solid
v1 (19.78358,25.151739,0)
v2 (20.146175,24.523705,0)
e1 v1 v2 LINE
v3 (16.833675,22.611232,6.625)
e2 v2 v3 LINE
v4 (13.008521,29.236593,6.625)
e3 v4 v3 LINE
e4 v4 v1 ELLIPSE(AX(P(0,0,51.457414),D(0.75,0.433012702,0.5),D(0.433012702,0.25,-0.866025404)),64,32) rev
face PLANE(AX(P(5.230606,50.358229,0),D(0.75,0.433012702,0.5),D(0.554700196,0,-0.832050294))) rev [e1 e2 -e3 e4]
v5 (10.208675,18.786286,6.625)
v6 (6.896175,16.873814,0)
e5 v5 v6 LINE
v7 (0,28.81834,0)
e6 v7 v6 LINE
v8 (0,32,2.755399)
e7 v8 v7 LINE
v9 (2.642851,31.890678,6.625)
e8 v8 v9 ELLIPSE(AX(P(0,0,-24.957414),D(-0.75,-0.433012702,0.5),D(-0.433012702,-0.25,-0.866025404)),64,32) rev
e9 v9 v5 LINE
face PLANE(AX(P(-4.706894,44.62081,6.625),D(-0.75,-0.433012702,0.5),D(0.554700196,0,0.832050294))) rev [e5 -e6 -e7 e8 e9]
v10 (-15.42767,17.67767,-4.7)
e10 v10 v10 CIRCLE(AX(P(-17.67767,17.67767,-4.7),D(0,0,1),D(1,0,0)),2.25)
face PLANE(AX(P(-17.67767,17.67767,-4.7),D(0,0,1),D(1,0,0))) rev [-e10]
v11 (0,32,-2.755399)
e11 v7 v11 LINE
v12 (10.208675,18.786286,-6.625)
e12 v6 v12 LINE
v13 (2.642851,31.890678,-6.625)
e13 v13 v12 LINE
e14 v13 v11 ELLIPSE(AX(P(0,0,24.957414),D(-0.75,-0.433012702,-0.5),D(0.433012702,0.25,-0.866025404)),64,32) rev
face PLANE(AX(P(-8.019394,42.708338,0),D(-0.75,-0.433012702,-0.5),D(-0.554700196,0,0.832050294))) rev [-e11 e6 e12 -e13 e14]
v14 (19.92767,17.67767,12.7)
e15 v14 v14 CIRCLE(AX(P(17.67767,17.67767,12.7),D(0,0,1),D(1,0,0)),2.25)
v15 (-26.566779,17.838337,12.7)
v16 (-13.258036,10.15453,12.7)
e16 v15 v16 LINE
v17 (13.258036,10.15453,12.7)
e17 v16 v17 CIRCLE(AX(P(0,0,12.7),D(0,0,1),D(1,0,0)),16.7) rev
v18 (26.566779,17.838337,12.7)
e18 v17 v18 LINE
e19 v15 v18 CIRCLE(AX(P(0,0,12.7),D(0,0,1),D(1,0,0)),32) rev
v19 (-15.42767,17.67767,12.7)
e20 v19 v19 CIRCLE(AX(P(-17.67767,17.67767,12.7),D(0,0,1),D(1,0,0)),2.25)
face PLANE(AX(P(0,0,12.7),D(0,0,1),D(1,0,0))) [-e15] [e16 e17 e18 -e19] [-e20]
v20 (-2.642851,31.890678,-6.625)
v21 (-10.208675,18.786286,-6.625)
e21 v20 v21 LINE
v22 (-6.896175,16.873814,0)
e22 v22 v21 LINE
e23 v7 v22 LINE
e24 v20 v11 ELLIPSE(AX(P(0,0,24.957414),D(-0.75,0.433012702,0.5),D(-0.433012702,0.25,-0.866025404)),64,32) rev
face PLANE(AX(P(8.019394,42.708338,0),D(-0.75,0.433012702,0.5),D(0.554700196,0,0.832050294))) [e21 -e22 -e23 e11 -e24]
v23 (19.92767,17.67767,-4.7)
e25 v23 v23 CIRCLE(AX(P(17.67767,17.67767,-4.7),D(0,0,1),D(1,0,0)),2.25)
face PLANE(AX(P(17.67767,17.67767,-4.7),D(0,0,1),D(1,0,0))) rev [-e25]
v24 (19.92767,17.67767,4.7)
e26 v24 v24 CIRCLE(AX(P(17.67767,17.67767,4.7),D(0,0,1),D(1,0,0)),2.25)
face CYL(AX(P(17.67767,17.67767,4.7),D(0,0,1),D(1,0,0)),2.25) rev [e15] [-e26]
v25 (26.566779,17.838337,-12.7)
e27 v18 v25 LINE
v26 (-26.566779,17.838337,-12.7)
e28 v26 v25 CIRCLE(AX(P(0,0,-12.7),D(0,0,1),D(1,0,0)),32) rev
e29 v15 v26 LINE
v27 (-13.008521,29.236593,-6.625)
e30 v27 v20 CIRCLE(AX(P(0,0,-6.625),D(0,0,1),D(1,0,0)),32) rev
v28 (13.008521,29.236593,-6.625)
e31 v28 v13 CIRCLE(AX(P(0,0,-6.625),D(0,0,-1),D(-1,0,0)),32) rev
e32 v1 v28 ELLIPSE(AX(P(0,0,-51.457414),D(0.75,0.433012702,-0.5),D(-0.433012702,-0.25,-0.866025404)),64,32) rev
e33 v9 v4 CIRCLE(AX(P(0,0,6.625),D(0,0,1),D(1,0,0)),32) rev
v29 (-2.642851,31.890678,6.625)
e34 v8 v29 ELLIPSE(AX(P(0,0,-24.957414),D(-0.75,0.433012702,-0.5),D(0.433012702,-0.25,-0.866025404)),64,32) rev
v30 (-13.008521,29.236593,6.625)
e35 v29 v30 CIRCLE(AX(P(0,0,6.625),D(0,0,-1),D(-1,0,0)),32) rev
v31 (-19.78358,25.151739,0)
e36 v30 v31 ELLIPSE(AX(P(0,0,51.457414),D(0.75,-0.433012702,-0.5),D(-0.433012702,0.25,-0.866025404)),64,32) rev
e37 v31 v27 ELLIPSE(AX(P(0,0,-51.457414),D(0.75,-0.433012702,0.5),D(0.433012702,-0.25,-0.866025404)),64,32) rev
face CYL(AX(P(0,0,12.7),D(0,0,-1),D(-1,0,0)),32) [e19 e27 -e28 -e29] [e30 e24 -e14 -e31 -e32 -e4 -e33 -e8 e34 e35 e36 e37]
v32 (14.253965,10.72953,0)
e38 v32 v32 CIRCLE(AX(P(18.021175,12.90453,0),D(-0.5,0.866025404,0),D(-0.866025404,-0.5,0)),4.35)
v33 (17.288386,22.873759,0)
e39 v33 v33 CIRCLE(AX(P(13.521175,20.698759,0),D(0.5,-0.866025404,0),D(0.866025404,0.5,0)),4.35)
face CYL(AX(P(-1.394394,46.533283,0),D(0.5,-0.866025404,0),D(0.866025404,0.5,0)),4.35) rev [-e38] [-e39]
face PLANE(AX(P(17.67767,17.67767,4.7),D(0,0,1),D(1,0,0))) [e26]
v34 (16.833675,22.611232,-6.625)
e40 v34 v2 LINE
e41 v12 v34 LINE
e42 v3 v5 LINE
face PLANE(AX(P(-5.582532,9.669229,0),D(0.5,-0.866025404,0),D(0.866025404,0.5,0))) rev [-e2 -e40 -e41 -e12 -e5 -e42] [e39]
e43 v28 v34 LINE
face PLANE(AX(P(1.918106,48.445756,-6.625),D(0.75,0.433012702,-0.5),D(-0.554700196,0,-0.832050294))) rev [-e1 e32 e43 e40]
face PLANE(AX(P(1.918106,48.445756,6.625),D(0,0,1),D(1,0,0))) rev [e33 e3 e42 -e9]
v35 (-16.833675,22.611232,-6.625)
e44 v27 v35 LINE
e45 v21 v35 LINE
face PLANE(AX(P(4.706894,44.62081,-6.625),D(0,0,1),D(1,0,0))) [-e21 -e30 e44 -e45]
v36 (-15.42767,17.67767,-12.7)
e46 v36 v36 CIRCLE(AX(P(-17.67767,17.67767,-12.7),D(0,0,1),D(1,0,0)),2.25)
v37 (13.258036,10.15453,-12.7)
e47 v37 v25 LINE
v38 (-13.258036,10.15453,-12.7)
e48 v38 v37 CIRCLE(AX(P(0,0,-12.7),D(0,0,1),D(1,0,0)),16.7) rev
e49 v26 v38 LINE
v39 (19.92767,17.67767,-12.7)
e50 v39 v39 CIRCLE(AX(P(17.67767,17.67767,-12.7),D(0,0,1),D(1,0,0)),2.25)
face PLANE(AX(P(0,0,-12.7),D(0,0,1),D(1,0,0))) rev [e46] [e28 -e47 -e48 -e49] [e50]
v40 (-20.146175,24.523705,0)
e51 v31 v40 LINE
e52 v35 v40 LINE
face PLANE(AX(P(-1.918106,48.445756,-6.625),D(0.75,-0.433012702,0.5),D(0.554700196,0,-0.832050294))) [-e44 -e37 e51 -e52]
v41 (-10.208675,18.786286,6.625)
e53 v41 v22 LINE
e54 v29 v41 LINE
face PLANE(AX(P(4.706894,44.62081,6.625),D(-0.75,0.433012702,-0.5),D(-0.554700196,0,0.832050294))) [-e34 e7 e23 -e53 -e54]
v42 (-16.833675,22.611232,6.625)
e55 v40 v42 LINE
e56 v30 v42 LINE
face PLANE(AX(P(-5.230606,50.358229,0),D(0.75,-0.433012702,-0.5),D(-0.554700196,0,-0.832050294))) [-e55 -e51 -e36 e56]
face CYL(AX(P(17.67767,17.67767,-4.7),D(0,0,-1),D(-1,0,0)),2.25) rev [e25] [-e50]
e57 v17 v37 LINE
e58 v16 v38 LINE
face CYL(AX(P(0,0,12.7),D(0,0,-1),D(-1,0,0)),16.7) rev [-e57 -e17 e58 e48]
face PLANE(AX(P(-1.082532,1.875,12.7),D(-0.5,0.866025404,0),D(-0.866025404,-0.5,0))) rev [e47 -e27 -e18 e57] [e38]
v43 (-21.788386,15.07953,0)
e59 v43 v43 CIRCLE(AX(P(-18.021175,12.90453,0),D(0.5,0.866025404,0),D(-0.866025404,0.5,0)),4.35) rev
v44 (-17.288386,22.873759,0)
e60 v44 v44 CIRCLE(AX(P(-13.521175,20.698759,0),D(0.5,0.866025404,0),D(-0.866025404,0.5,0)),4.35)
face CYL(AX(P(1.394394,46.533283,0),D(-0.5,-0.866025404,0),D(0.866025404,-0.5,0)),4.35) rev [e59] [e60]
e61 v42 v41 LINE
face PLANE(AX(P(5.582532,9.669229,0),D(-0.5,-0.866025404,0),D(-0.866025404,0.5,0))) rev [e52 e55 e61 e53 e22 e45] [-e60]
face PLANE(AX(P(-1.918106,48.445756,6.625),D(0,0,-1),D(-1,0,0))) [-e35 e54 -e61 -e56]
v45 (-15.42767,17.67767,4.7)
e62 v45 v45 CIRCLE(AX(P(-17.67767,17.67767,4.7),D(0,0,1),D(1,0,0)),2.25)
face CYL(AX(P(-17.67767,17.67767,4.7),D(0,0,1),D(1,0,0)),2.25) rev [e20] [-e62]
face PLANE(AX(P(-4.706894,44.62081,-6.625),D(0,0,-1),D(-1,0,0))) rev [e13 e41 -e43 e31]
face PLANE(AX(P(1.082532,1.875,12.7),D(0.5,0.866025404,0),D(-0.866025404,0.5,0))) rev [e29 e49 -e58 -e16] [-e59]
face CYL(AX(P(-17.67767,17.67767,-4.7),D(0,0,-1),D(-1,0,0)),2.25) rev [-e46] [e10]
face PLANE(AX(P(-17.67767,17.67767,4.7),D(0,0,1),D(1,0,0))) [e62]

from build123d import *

# Parameters (mm, degrees)
SKETCH1_R           = 2.25
BOSS_EXTRUDE1_DEPTH = 12.7
SKETCH3_R           = 4.35
CUT_EXTRUDE1_DEPTH  = 43.816935902
CUT_EXTRUDE2_START  = 12.7
SKETCH1_3_R         = 2.25
CUT_EXTRUDE2_DEPTH  = 8
CUT_EXTRUDE4_START  = -12.7
SKETCH1_5_R         = 2.25
CUT_EXTRUDE4_DEPTH  = 8
CUT_EXTRUDE3_START  = -9
SKETCH3_3_R         = 4.35
CUT_EXTRUDE3_DEPTH  = 34.816936066


with BuildPart() as part:
    # Sketch1 → Boss-Extrude1 (new, symmetric)
    with BuildSketch(Plane.XY):
        with BuildLine():
            ThreePointArc((-26.566778815, 17.838336901), (0, 32), (26.566778815, 17.838336901))
            Line((26.566778815, 17.838336901), (13.258035703, 10.154530482))
            ThreePointArc((13.258035703, 10.154530482), (0, 16.7), (-13.258035703, 10.154530482))
            Line((-13.258035703, 10.154530482), (-26.566778815, 17.838336901))
        make_face()
        with Locations((17.67766953, 17.67766953)):
            Circle(SKETCH1_R, mode=Mode.SUBTRACT)
        with Locations((-17.67766953, 17.67766953)):
            Circle(SKETCH1_R, mode=Mode.SUBTRACT)
        with Locations((-17.67766953, 17.67766953)):
            Circle(SKETCH1_R)
        with Locations((17.67766953, 17.67766953)):
            Circle(SKETCH1_R)
    extrude(amount=BOSS_EXTRUDE1_DEPTH, both=True)

    # Sketch3 → Cut-Extrude1 (cut, symmetric)
    with BuildSketch(Plane(origin=(-1.082531755, 1.875, 0), x_dir=(0.8660254037844398, 0.4999999999999983, 0), z_dir=(0.4999999999999983, -0.8660254037844398, 0))):
        with Locations((22.059060964, 0)):
            Circle(SKETCH3_R)
    cut_extrude1 = extrude(amount=CUT_EXTRUDE1_DEPTH, both=True, mode=Mode.SUBTRACT)

    # Sketch1<3> → Cut-Extrude2 (cut)
    with BuildSketch(Plane.XY.offset(CUT_EXTRUDE2_START)):
        with Locations((17.67766953, 17.67766953)):
            Circle(SKETCH1_3_R)
    cut_extrude2 = extrude(amount=-CUT_EXTRUDE2_DEPTH, mode=Mode.SUBTRACT)

    # Sketch1<5> → Cut-Extrude4 (cut)
    with BuildSketch(Plane.XY.offset(CUT_EXTRUDE4_START)):
        with Locations((17.67766953, 17.67766953)):
            Circle(SKETCH1_5_R)
    cut_extrude4 = extrude(amount=CUT_EXTRUDE4_DEPTH, mode=Mode.SUBTRACT)

    # Sketch3<3> → Cut-Extrude3 (cut, through all)
    with BuildSketch(Plane(origin=(-1.082531755, 1.875, 0), x_dir=(0.8660254037844398, 0.4999999999999983, 0), z_dir=(0.4999999999999983, -0.8660254037844398, 0)).offset(CUT_EXTRUDE3_START)):
        Polygon((18.23411543, -6.625), (25.884006497, -6.625), (29.70895203, 0), (25.884006497, 6.625), (18.23411543, 6.625), (14.409169897, 0), align=None)
        with Locations((22.059060964, 0)):
            Circle(SKETCH3_3_R, mode=Mode.SUBTRACT)
    cut_extrude3 = extrude(amount=-CUT_EXTRUDE3_DEPTH, mode=Mode.SUBTRACT)

    # Mirror1: Cut-Extrude1, Cut-Extrude2, Cut-Extrude4, Cut-Extrude3 across plane
    add(cut_extrude1.mirror(Plane(origin=(0, 0, 0), x_dir=(0, 0, 1), z_dir=(1, 0, 0))), mode=Mode.SUBTRACT)
    add(cut_extrude2.mirror(Plane(origin=(0, 0, 0), x_dir=(0, 0, 1), z_dir=(1, 0, 0))), mode=Mode.SUBTRACT)
    add(cut_extrude4.mirror(Plane(origin=(0, 0, 0), x_dir=(0, 0, 1), z_dir=(1, 0, 0))), mode=Mode.SUBTRACT)
    add(cut_extrude3.mirror(Plane(origin=(0, 0, 0), x_dir=(0, 0, 1), z_dir=(1, 0, 0))), mode=Mode.SUBTRACT)


solid = part.part
